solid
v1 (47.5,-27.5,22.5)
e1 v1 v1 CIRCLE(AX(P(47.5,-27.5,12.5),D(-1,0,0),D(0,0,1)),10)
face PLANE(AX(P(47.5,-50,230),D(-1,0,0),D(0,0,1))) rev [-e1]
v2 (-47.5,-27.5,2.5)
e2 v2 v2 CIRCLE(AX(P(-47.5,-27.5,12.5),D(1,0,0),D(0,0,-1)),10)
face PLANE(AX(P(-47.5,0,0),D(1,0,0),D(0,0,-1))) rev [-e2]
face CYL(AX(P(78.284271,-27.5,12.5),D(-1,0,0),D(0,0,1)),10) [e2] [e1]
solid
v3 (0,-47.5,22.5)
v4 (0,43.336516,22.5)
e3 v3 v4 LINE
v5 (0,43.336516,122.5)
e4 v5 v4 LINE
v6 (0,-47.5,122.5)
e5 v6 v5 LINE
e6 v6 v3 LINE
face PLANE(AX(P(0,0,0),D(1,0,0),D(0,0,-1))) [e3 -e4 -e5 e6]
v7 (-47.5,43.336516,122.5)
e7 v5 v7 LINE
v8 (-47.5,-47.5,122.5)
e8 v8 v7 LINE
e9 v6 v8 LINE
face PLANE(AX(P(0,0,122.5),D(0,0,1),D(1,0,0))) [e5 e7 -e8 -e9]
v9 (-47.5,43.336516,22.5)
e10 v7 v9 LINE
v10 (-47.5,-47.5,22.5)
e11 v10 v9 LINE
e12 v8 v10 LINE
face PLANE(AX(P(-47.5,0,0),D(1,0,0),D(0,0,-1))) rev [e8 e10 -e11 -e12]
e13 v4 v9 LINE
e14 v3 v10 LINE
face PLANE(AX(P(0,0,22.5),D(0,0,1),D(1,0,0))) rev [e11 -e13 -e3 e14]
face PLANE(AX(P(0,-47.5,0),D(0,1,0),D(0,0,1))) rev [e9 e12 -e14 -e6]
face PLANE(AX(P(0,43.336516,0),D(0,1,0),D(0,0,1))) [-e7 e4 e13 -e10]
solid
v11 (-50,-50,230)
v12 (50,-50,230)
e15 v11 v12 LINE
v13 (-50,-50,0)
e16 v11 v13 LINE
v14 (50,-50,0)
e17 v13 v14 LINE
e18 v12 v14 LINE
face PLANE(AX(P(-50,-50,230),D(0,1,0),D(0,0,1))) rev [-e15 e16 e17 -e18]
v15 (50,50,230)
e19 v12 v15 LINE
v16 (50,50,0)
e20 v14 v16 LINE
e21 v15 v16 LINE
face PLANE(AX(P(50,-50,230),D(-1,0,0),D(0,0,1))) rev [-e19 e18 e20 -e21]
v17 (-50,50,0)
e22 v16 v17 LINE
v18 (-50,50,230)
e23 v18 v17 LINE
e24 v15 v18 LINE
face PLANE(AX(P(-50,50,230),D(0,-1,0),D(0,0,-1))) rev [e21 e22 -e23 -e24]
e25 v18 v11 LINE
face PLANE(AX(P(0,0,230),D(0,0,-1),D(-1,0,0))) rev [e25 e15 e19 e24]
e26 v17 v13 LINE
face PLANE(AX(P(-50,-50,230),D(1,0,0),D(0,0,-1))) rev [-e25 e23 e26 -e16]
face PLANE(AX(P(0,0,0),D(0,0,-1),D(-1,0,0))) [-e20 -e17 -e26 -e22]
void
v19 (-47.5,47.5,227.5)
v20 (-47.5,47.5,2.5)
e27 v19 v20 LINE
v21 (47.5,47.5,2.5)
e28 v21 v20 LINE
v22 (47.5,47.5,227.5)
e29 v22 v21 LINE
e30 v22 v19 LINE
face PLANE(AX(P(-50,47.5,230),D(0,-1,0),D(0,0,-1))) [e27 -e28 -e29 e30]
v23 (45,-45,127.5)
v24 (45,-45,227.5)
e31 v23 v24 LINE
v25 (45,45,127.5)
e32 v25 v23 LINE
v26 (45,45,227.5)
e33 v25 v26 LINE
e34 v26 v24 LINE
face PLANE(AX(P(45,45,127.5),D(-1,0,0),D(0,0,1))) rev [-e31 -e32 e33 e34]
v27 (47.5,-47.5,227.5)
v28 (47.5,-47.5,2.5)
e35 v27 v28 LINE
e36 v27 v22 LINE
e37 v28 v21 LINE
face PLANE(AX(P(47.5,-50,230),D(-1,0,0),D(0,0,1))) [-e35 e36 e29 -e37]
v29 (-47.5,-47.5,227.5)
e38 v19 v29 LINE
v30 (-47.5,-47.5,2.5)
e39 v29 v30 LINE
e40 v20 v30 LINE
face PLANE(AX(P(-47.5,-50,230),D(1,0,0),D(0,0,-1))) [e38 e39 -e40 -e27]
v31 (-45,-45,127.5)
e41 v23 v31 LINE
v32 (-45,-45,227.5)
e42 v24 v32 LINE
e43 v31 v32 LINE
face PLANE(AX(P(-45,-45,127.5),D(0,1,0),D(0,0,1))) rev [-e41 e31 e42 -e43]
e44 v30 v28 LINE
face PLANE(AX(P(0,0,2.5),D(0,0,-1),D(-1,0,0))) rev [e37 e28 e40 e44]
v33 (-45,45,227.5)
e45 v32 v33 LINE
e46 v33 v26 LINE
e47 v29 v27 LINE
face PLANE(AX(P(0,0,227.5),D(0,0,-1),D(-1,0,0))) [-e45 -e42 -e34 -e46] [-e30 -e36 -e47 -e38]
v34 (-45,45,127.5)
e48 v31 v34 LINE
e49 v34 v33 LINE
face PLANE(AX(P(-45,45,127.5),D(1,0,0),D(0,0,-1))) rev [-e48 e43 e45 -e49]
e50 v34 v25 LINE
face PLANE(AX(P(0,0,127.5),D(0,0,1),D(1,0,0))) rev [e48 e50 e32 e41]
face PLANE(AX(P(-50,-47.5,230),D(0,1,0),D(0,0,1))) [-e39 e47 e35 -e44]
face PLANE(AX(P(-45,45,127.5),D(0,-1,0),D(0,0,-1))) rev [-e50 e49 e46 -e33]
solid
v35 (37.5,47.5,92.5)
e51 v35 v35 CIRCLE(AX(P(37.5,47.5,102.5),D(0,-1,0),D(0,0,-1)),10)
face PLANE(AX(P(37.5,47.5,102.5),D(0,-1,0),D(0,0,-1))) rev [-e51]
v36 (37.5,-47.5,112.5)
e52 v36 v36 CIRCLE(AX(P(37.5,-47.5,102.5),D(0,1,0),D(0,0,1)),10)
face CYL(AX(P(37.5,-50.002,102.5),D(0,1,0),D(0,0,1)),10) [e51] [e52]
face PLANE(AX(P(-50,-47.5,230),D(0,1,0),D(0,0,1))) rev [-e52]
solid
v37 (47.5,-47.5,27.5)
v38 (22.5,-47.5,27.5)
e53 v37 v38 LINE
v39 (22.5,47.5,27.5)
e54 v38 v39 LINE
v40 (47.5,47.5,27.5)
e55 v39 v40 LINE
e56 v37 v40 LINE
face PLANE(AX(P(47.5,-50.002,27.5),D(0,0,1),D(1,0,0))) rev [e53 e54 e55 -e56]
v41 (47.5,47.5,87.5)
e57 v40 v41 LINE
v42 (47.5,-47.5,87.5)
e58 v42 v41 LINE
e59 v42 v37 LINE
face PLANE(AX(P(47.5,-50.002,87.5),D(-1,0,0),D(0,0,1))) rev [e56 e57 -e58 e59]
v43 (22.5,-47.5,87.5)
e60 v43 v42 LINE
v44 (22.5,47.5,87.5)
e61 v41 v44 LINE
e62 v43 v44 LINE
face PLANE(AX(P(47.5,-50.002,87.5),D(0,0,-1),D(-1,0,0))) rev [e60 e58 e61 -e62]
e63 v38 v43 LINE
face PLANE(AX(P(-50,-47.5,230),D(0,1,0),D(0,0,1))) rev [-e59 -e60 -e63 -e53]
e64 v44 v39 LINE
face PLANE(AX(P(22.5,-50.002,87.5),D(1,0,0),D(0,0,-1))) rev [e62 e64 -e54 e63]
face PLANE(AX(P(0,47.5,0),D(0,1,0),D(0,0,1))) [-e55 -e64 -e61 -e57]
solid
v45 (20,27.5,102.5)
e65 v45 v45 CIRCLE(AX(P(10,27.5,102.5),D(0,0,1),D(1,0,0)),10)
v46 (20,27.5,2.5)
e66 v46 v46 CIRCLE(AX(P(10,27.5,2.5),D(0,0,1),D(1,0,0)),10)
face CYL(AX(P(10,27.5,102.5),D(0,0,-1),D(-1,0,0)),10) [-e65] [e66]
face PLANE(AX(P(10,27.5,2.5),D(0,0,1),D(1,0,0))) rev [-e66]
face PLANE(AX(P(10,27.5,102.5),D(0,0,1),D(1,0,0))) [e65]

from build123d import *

# Parameters (mm, degrees)
SKETCH1_W           = 100
SKETCH1_H           = 100
BOSS_EXTRUDE1_DEPTH = 230
SHELL2_T            = 2.5
BOSS_EXTRUDE2_DEPTH = 47.5
SKETCH2_3_R         = 10
BOSS_EXTRUDE3_DEPTH = 95
SKETCH4_R           = 10
BOSS_EXTRUDE5_DEPTH = 100
BOSS_EXTRUDE7_REACH = 256.767
SKETCH5_R           = 10
SKETCH5_W           = 25
SKETCH5_H           = 60
SKETCH6_W           = 90
SKETCH6_H           = 90
BOSS_EXTRUDE8_DEPTH = 100


with BuildPart() as part:
    # Sketch1 → Boss-Extrude1 (new body)
    with BuildSketch(Plane.XY):
        Rectangle(SKETCH1_W, SKETCH1_H)
    extrude(amount=BOSS_EXTRUDE1_DEPTH)

    # Shell2 (no face opened: a closed hollow body)
    add(offset(amount=-SHELL2_T, mode=Mode.PRIVATE), mode=Mode.SUBTRACT)


with BuildPart() as body_2:
    # Sketch2 → Boss-Extrude2 (new body)
    with BuildSketch(Plane(origin=(-47.5, 0, 0), x_dir=(0, 0, -1), z_dir=(1, 0, 0))):
        Polygon((-122.5, 43.336516415), (-122.5, -47.5), (-22.5, -47.5), (-22.5, -27.5), (-22.5, 43.336516415), align=None)
    extrude(amount=BOSS_EXTRUDE2_DEPTH)


with BuildPart() as body_3:
    # Sketch2<3> → Boss-Extrude3 (new body)
    with BuildSketch(Plane(origin=(-47.5, 0, 0), x_dir=(0, 0, -1), z_dir=(1, 0, 0))):
        with Locations(Location((-12.5, -27.5, 0), (0, 0, 180))):
            Circle(SKETCH2_3_R)
    extrude(amount=BOSS_EXTRUDE3_DEPTH)


with BuildPart() as body_4:
    # Sketch4 → Boss-Extrude5 (new body)
    with BuildSketch(Plane.XY.offset(2.5)):
        with Locations((10, 27.5)):
            Circle(SKETCH4_R)
    extrude(amount=BOSS_EXTRUDE5_DEPTH)


with BuildPart() as body_5:

    # Sketch5 → Boss-Extrude7 (new, up to next)
    with BuildSketch(Plane.XZ.offset(-47.5), mode=Mode.PRIVATE) as boss_extrude7_sk1:
        with Locations(Location((37.5, 102.5, 0), (0, 0, 90))):
            Circle(SKETCH5_R)
    boss_extrude7_tool1 = extrude(boss_extrude7_sk1.sketch, amount=BOSS_EXTRUDE7_REACH, mode=Mode.PRIVATE) - part.part
    # Sketch5 → Boss-Extrude7 (new, up to next)
    with BuildSketch(Plane.XZ.offset(-47.5), mode=Mode.PRIVATE) as boss_extrude7_sk2:
        with Locations((35, 57.5)):
            Rectangle(SKETCH5_W, SKETCH5_H)
    boss_extrude7_tool2 = extrude(boss_extrude7_sk2.sketch, amount=BOSS_EXTRUDE7_REACH, mode=Mode.PRIVATE) - part.part
    add(boss_extrude7_tool1.solids().sort_by_distance((37.5, 47.5, 102.5))[0])
    add(boss_extrude7_tool2.solids().sort_by_distance((35, 47.5, 57.5))[0])


with BuildPart() as part_1:
    add(part.part)

    # Sketch6 → Boss-Extrude8 (add)
    with BuildSketch(Plane(origin=(0, 0, 227.5), x_dir=(-1, 0, 0), z_dir=(0, 0, -1))):
        Rectangle(SKETCH6_W, SKETCH6_H)
    extrude(amount=BOSS_EXTRUDE8_DEPTH)


solid = Compound([body_2.part, body_3.part, body_4.part, body_5.part, part_1.part])
